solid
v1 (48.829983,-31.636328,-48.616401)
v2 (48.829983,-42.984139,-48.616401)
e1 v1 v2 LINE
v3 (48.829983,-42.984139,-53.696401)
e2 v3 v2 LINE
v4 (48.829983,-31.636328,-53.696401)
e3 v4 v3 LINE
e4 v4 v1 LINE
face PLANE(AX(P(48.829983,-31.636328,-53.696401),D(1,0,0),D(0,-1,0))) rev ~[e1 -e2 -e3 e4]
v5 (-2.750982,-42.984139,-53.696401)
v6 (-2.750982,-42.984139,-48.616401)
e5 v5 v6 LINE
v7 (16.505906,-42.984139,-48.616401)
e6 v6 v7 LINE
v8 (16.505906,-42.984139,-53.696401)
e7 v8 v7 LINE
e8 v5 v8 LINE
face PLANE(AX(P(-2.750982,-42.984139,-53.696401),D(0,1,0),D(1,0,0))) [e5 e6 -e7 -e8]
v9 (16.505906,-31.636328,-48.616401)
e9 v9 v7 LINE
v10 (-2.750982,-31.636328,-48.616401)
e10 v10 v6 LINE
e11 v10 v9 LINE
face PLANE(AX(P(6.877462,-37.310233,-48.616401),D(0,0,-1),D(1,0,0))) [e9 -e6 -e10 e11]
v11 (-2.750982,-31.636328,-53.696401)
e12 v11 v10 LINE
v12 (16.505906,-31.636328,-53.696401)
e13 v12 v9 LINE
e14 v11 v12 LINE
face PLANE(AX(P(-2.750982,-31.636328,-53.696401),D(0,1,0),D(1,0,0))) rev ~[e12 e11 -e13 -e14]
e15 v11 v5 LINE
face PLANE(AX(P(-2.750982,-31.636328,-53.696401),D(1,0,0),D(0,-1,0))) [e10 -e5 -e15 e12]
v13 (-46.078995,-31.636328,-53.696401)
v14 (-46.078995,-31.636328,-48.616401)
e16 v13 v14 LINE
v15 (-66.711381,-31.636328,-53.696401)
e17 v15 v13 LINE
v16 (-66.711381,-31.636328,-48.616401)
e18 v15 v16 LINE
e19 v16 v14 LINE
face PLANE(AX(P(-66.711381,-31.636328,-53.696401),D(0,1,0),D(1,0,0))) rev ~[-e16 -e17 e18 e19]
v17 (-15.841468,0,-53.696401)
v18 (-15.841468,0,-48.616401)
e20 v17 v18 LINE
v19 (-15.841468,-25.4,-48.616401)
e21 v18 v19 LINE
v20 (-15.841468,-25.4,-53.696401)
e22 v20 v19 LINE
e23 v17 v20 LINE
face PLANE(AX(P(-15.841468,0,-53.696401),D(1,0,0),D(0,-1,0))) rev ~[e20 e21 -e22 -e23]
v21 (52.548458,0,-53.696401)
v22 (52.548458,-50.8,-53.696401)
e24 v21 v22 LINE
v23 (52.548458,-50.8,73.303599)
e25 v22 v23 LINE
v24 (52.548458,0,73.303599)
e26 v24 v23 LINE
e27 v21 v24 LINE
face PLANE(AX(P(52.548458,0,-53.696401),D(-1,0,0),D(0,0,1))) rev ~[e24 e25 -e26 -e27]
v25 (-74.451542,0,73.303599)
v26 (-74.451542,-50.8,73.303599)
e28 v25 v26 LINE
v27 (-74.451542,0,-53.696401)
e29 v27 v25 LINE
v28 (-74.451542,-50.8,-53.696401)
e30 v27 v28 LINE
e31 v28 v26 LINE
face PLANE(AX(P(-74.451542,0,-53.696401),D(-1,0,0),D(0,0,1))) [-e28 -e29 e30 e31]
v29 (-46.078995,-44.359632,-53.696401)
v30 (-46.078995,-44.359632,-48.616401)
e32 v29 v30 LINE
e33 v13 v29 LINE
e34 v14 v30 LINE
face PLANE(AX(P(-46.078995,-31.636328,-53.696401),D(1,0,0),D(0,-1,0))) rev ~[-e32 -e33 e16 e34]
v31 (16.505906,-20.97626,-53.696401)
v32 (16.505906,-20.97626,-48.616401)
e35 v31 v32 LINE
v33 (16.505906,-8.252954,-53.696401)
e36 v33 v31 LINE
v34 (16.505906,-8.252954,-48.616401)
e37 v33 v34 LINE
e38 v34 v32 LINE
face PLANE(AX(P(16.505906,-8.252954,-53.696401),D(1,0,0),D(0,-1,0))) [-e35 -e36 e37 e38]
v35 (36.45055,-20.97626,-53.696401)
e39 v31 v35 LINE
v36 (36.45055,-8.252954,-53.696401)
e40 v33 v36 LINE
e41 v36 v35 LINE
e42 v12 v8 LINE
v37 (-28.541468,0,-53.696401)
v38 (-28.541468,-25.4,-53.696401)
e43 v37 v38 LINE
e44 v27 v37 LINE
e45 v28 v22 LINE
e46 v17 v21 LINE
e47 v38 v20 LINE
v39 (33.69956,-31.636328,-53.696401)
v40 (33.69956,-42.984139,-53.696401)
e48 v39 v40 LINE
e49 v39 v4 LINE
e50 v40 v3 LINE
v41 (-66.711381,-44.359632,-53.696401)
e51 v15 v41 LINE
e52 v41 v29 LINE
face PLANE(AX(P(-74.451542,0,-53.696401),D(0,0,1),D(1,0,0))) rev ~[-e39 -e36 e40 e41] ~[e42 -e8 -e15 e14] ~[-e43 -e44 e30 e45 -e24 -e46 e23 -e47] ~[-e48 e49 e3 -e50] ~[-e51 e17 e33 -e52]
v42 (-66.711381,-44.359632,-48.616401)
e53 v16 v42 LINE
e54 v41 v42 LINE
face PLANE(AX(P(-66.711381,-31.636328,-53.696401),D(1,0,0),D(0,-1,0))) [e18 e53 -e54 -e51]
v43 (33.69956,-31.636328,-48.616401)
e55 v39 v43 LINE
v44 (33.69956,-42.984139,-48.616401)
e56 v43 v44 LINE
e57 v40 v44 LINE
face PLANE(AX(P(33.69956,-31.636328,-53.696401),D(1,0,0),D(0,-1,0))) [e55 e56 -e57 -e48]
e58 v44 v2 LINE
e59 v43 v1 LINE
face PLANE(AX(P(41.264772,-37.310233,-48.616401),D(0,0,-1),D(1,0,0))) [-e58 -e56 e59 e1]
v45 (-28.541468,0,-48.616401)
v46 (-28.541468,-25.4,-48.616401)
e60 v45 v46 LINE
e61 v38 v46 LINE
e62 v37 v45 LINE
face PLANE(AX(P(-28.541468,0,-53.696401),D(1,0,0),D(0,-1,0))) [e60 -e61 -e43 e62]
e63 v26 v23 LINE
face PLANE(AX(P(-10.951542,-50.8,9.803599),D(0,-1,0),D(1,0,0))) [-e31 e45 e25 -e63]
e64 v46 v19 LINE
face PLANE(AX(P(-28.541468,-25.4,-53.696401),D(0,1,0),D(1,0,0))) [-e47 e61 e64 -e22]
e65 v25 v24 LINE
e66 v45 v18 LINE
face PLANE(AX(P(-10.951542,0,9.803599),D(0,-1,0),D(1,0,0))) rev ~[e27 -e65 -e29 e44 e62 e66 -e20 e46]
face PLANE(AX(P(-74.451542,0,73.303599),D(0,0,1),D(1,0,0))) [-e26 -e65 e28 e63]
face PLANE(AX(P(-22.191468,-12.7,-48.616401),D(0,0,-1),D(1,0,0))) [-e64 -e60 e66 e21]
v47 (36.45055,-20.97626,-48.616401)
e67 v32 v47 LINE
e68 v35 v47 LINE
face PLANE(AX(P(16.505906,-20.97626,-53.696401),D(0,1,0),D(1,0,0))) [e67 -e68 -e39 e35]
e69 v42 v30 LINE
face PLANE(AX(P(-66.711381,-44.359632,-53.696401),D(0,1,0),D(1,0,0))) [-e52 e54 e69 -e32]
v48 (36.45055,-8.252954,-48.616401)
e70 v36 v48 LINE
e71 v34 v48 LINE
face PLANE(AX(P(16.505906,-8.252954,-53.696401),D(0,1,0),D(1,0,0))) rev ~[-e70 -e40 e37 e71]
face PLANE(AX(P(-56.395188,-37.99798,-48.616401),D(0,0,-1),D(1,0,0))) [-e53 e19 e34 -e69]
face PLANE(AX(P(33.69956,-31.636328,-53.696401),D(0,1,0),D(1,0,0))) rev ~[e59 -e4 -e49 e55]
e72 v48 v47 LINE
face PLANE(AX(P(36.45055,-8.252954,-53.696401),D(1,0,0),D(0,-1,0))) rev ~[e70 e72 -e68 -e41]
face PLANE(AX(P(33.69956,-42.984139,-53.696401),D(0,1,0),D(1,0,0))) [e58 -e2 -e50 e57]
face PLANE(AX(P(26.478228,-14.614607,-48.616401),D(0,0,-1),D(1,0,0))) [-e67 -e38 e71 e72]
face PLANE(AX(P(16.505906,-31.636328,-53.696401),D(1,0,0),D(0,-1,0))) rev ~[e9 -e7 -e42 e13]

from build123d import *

# Parameters (mm, degrees)
F0_W     = 127
F0_H     = 127
F1_DEPTH = 50.8
F2_W     = 20.632386
F2_H     = 12.723304
F2_W_2   = 12.7
F2_H_2   = 25.4
F2_W_3   = 19.256888
F2_H_3   = 11.347811
F2_W_4   = 15.130423
F2_W_5   = 19.944644
F2_H_4   = 12.723305
F3_DEPTH = 5.08


with BuildPart() as f1:
    # F0 (on Front) → F1 (new body)
    with BuildSketch(Plane.XZ):
        with Locations((-10.951542, 9.803599)):
            Rectangle(F0_W, F0_H)
    extrude(amount=F1_DEPTH)

    # F2 (on face) → F3 (cut)
    with BuildSketch(Plane(origin=(0, 0, -53.696401), x_dir=(1, 0, 0), z_dir=(0, 0, -1))):
        with Locations((-56.395188, 37.99798)):
            Rectangle(F2_W, F2_H)
        with Locations((-22.191468, 12.7)):
            Rectangle(F2_W_2, F2_H_2)
        with Locations((6.877462, 37.310233)):
            Rectangle(F2_W_3, F2_H_3)
        with Locations((41.264772, 37.310233)):
            Rectangle(F2_W_4, F2_H_3)
        with Locations((26.478228, 14.614607)):
            Rectangle(F2_W_5, F2_H_4)
    extrude(amount=-F3_DEPTH, mode=Mode.SUBTRACT)


solid = f1.part
